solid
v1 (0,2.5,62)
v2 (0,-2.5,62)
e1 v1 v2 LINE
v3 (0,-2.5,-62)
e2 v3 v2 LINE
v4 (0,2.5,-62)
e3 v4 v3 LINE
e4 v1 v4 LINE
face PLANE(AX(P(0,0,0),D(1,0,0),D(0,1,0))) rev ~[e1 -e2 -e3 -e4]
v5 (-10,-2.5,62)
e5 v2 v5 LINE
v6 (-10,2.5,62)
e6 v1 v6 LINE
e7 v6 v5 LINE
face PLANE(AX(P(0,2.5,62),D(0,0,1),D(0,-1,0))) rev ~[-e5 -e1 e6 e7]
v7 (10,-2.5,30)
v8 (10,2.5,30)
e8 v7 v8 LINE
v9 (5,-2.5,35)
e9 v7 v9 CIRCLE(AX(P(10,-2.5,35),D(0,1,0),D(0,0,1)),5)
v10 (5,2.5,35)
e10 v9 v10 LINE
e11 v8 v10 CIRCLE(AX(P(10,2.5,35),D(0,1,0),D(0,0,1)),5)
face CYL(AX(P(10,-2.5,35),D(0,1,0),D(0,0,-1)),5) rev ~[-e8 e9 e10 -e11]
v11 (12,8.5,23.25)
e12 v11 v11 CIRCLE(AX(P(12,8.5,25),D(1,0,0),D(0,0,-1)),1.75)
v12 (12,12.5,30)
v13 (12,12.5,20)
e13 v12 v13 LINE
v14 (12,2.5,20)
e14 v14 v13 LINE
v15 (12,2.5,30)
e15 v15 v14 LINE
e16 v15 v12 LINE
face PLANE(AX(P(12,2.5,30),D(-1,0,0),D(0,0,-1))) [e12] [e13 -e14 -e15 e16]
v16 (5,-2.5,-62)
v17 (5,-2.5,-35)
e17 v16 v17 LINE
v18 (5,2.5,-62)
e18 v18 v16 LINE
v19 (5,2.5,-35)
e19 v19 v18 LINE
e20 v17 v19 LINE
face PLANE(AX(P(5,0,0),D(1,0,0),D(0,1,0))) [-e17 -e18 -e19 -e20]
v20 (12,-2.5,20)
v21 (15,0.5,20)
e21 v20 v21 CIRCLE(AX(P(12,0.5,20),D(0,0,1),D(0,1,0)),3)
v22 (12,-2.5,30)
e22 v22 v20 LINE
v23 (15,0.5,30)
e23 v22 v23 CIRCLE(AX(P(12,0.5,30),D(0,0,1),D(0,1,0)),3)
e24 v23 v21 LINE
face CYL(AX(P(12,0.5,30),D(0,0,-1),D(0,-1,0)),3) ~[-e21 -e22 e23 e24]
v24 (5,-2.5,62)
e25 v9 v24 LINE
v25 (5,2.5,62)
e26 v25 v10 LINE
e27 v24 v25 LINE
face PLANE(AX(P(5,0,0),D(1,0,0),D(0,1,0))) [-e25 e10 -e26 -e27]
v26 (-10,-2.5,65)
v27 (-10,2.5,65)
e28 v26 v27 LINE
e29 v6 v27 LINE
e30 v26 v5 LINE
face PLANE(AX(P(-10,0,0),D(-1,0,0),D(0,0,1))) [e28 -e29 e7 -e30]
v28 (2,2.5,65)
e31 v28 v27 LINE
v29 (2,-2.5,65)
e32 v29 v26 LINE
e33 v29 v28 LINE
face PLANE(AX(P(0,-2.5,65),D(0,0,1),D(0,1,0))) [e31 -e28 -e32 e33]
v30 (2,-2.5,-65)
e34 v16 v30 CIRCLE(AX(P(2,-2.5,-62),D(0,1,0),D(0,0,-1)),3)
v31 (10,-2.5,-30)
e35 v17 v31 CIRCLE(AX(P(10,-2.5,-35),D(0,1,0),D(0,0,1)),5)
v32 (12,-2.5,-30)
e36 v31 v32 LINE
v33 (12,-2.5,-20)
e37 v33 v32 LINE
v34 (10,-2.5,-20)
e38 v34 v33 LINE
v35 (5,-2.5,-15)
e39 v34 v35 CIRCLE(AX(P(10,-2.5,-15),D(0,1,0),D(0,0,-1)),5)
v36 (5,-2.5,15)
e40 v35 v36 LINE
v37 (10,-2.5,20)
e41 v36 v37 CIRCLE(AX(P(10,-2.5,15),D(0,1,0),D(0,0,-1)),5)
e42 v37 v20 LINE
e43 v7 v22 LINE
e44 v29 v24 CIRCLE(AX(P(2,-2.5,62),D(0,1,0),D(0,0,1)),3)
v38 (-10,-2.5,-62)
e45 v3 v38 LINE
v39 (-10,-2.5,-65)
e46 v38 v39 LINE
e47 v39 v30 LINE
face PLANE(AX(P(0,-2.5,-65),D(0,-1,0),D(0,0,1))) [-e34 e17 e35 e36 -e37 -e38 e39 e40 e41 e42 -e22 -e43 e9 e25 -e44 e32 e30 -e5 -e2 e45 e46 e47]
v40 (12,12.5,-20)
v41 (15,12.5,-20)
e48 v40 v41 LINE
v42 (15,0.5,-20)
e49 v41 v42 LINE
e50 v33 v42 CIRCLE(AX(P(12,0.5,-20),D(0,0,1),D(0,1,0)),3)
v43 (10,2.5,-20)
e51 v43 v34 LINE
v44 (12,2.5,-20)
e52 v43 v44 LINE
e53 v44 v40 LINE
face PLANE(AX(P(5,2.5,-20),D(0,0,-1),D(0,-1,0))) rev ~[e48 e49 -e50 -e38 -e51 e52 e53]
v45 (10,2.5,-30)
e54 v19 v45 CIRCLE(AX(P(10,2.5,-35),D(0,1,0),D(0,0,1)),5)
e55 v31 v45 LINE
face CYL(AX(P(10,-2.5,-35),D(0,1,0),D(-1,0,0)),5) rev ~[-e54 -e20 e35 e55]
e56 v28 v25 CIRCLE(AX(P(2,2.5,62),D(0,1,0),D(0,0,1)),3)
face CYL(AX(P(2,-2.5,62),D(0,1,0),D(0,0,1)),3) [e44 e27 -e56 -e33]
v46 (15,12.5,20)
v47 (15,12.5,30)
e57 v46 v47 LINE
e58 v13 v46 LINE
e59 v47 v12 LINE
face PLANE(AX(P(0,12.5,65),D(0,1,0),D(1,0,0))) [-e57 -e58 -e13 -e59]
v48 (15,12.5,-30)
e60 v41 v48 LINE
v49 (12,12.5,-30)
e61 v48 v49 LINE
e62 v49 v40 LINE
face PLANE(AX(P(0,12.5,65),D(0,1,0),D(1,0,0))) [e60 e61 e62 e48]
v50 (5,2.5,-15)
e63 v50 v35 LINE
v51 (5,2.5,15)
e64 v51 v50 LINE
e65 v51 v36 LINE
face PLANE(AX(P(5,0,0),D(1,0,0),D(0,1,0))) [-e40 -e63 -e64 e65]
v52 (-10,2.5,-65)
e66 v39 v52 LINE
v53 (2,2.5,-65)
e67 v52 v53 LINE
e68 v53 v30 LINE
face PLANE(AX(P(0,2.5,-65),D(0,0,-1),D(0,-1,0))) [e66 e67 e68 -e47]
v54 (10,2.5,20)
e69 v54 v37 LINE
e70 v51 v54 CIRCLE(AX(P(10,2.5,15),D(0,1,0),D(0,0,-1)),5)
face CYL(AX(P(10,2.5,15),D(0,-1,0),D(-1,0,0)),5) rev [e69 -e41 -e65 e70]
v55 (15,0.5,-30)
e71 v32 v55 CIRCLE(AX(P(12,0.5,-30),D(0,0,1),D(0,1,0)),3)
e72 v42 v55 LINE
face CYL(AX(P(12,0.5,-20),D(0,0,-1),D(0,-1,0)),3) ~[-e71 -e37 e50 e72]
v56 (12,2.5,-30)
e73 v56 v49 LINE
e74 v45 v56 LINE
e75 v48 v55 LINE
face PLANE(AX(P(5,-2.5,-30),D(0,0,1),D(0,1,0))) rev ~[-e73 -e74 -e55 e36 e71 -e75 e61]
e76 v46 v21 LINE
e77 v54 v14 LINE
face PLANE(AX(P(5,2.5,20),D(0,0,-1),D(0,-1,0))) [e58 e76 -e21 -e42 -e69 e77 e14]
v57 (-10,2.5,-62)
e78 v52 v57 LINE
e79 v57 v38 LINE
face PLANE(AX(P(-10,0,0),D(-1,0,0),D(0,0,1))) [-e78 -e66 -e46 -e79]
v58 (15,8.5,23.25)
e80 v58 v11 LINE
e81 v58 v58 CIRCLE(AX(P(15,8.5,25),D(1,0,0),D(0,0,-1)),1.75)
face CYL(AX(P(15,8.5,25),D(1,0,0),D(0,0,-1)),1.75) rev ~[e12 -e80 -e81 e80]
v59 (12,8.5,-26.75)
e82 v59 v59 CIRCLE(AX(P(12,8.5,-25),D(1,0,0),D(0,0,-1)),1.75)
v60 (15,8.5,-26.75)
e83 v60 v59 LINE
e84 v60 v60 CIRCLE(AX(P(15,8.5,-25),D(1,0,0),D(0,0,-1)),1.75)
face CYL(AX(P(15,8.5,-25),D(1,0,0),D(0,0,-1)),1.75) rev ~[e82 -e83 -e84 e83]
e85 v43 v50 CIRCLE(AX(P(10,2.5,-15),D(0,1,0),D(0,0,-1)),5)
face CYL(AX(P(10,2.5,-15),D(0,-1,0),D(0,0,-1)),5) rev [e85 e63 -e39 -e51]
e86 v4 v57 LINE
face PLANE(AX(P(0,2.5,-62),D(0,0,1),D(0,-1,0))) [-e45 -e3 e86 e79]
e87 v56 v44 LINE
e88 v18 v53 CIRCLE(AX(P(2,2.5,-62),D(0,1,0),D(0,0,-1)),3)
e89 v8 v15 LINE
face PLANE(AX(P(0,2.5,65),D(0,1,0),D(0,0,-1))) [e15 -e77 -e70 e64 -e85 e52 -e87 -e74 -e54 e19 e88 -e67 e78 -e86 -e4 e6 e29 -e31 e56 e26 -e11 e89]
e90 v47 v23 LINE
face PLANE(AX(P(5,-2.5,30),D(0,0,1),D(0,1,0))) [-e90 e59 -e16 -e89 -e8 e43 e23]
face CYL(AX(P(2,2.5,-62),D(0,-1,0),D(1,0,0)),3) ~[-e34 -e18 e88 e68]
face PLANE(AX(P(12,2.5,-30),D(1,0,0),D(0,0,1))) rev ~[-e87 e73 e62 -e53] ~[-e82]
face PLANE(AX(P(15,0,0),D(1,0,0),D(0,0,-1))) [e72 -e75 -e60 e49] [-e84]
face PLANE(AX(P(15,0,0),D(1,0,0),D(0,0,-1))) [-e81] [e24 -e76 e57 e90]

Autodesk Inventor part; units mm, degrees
ref_plane "YZ Plane" through (0, 0, 0) normal (1, 0, 0) x (0, 1, 0)
ref_plane "XZ Plane" through (0, 0, 0) normal (0, 1, 0) x (-1, 0, 0)
ref_plane "XY Plane" through (0, 0, 0) normal (0, 0, 1) x (1, 0, 0)
sketch "Esquisse1" plane through (0, 0, 0) normal (1, 0, 0) x (0, 1, 0)
  line L0 (-2.5, 65) -> (2.5, 65)
  line L1 (2.5, 65) -> (2.5, -65)
  line L2 (2.5, -65) -> (-2.5, -65)
  line L3 (-2.5, -65) -> (-2.5, 65)
  line L4 (2.5, 65) -> (-2.5, -65)
  line L5 (2.5, -65) -> (-2.5, 65)
  point P0 (0, 0)
  point P1 (0, 0)
  point P2 (0, 0)
  dimension "d0" = 130
  dimension "d1" = 5
extrude "Extrusion1" add sketch "Esquisse1" along normal blind 5
sketch "Esquisse2" plane through (5, 0, 0) normal (1, 0, 0) x (0, 0, -1)
  line L0 (65, 2.5) -> (-65, 2.5) projected
  line L1 (-65, -2.5) -> (65, -2.5) projected
  line L2 (-30, 2.5) -> (-20, 2.5)
  line L3 (-20, 2.5) -> (-20, -2.5)
  line L4 (-20, -2.5) -> (-30, -2.5)
  line L5 (-30, -2.5) -> (-30, 2.5)
  line L6 (0, 13) -> (0, -16)
  line L7 (30, 2.5) -> (20, 2.5)
  line L8 (20, 2.5) -> (20, -2.5)
  line L9 (20, -2.5) -> (30, -2.5)
  line L10 (30, -2.5) -> (30, 2.5)
  point P0 (0, 0)
  point P1 (-20, 2.5)
  point P2 (30, -2.5)
  point P3 (30, 2.5)
  point P4 (20, 2.5)
  point P5 (20, -2.5)
  dimension "d4" = 10
  dimension "d5" = 20
extrude "Extrusion2" add sketch "Esquisse2" along normal blind 10 contours L10 L1 L8 L0 | L3 L1 L5 L0
sketch "Esquisse3" plane through (0, 2.5, 65) normal (0, 1, 0) x (1, 0, 0)
  line L0 (15, 45) -> (15, 35) projected
  line L1 (5, 45) -> (15, 45) projected
  line L2 (15, 35) -> (12, 35)
  line L3 (12, 35) -> (12, 45)
  line L4 (12, 45) -> (15, 45)
  line L5 (15, 45) -> (15, 35)
  line L6 (-9, 65) -> (24, 65)
  line L7 (15, 85) -> (15, 95)
  line L8 (15, 95) -> (12, 95)
  line L9 (12, 95) -> (12, 85)
  line L10 (12, 85) -> (15, 85)
  line L11 (15, 85) -> (15, 95)
  point P0 (0, 65)
extrude "Extrusion3" add sketch "Esquisse3" along normal blind 10
sketch "Esquisse4" plane through (15, 0, 0) normal (1, 0, 0) x (0, 0, -1)
  circle A0 centre (-25, 8.5) radius 1.75
  line L0 (0, 20) -> (0, -21)
  circle A1 centre (25, 8.5) radius 1.75
  line L1 (-30, 12.5) -> (-20, 12.5) projected
  line L2 (-20, -2.5) -> (-20, 12.5) projected
  point P0 (0, 0)
  dimension "d10" = 3.5
  dimension "d11" = 4
  dimension "d19" = 5
extrude "Extrusion4" cut sketch "Esquisse4" against normal blind 10
fillet "Congé1" radius 5 4 edges at (5, 0, 30) (5, 0, -20) (5, 0, 20) (5, 0, -30)
fillet "Congé2" radius 3 2 edges at (15, -2.5, 25) (15, -2.5, -25)
fillet "Congé3" radius 3 2 edges at (5, 0, -65) (5, 0, 65)
sketch "Esquisse5" plane through (0, 0, 0) normal (-1, 0, 0) x (0, 0, 1)
  line L0 (-65, 2.5) -> (65, 2.5) projected
  line L1 (65, -2.5) -> (-65, -2.5) projected
  line L2 (-65, 2.5) -> (-62, 2.5)
  line L3 (-62, 2.5) -> (-62, -2.5)
  line L4 (-62, -2.5) -> (-65, -2.5)
  line L5 (-65, -2.5) -> (-65, 2.5)
  line L6 (0, 19) -> (0, -21)
  line L7 (65, 2.5) -> (62, 2.5)
  line L8 (62, 2.5) -> (62, -2.5)
  line L9 (62, -2.5) -> (65, -2.5)
  line L10 (65, -2.5) -> (65, 2.5)
  point P0 (0, 0)
  point P1 (65, -2.5)
extrude "Extrusion5" add sketch "Esquisse5" along normal blind 10 contours L0 L3 L1 L5 | L0 L10 L1 L8
properties part number "pare-chocs"
